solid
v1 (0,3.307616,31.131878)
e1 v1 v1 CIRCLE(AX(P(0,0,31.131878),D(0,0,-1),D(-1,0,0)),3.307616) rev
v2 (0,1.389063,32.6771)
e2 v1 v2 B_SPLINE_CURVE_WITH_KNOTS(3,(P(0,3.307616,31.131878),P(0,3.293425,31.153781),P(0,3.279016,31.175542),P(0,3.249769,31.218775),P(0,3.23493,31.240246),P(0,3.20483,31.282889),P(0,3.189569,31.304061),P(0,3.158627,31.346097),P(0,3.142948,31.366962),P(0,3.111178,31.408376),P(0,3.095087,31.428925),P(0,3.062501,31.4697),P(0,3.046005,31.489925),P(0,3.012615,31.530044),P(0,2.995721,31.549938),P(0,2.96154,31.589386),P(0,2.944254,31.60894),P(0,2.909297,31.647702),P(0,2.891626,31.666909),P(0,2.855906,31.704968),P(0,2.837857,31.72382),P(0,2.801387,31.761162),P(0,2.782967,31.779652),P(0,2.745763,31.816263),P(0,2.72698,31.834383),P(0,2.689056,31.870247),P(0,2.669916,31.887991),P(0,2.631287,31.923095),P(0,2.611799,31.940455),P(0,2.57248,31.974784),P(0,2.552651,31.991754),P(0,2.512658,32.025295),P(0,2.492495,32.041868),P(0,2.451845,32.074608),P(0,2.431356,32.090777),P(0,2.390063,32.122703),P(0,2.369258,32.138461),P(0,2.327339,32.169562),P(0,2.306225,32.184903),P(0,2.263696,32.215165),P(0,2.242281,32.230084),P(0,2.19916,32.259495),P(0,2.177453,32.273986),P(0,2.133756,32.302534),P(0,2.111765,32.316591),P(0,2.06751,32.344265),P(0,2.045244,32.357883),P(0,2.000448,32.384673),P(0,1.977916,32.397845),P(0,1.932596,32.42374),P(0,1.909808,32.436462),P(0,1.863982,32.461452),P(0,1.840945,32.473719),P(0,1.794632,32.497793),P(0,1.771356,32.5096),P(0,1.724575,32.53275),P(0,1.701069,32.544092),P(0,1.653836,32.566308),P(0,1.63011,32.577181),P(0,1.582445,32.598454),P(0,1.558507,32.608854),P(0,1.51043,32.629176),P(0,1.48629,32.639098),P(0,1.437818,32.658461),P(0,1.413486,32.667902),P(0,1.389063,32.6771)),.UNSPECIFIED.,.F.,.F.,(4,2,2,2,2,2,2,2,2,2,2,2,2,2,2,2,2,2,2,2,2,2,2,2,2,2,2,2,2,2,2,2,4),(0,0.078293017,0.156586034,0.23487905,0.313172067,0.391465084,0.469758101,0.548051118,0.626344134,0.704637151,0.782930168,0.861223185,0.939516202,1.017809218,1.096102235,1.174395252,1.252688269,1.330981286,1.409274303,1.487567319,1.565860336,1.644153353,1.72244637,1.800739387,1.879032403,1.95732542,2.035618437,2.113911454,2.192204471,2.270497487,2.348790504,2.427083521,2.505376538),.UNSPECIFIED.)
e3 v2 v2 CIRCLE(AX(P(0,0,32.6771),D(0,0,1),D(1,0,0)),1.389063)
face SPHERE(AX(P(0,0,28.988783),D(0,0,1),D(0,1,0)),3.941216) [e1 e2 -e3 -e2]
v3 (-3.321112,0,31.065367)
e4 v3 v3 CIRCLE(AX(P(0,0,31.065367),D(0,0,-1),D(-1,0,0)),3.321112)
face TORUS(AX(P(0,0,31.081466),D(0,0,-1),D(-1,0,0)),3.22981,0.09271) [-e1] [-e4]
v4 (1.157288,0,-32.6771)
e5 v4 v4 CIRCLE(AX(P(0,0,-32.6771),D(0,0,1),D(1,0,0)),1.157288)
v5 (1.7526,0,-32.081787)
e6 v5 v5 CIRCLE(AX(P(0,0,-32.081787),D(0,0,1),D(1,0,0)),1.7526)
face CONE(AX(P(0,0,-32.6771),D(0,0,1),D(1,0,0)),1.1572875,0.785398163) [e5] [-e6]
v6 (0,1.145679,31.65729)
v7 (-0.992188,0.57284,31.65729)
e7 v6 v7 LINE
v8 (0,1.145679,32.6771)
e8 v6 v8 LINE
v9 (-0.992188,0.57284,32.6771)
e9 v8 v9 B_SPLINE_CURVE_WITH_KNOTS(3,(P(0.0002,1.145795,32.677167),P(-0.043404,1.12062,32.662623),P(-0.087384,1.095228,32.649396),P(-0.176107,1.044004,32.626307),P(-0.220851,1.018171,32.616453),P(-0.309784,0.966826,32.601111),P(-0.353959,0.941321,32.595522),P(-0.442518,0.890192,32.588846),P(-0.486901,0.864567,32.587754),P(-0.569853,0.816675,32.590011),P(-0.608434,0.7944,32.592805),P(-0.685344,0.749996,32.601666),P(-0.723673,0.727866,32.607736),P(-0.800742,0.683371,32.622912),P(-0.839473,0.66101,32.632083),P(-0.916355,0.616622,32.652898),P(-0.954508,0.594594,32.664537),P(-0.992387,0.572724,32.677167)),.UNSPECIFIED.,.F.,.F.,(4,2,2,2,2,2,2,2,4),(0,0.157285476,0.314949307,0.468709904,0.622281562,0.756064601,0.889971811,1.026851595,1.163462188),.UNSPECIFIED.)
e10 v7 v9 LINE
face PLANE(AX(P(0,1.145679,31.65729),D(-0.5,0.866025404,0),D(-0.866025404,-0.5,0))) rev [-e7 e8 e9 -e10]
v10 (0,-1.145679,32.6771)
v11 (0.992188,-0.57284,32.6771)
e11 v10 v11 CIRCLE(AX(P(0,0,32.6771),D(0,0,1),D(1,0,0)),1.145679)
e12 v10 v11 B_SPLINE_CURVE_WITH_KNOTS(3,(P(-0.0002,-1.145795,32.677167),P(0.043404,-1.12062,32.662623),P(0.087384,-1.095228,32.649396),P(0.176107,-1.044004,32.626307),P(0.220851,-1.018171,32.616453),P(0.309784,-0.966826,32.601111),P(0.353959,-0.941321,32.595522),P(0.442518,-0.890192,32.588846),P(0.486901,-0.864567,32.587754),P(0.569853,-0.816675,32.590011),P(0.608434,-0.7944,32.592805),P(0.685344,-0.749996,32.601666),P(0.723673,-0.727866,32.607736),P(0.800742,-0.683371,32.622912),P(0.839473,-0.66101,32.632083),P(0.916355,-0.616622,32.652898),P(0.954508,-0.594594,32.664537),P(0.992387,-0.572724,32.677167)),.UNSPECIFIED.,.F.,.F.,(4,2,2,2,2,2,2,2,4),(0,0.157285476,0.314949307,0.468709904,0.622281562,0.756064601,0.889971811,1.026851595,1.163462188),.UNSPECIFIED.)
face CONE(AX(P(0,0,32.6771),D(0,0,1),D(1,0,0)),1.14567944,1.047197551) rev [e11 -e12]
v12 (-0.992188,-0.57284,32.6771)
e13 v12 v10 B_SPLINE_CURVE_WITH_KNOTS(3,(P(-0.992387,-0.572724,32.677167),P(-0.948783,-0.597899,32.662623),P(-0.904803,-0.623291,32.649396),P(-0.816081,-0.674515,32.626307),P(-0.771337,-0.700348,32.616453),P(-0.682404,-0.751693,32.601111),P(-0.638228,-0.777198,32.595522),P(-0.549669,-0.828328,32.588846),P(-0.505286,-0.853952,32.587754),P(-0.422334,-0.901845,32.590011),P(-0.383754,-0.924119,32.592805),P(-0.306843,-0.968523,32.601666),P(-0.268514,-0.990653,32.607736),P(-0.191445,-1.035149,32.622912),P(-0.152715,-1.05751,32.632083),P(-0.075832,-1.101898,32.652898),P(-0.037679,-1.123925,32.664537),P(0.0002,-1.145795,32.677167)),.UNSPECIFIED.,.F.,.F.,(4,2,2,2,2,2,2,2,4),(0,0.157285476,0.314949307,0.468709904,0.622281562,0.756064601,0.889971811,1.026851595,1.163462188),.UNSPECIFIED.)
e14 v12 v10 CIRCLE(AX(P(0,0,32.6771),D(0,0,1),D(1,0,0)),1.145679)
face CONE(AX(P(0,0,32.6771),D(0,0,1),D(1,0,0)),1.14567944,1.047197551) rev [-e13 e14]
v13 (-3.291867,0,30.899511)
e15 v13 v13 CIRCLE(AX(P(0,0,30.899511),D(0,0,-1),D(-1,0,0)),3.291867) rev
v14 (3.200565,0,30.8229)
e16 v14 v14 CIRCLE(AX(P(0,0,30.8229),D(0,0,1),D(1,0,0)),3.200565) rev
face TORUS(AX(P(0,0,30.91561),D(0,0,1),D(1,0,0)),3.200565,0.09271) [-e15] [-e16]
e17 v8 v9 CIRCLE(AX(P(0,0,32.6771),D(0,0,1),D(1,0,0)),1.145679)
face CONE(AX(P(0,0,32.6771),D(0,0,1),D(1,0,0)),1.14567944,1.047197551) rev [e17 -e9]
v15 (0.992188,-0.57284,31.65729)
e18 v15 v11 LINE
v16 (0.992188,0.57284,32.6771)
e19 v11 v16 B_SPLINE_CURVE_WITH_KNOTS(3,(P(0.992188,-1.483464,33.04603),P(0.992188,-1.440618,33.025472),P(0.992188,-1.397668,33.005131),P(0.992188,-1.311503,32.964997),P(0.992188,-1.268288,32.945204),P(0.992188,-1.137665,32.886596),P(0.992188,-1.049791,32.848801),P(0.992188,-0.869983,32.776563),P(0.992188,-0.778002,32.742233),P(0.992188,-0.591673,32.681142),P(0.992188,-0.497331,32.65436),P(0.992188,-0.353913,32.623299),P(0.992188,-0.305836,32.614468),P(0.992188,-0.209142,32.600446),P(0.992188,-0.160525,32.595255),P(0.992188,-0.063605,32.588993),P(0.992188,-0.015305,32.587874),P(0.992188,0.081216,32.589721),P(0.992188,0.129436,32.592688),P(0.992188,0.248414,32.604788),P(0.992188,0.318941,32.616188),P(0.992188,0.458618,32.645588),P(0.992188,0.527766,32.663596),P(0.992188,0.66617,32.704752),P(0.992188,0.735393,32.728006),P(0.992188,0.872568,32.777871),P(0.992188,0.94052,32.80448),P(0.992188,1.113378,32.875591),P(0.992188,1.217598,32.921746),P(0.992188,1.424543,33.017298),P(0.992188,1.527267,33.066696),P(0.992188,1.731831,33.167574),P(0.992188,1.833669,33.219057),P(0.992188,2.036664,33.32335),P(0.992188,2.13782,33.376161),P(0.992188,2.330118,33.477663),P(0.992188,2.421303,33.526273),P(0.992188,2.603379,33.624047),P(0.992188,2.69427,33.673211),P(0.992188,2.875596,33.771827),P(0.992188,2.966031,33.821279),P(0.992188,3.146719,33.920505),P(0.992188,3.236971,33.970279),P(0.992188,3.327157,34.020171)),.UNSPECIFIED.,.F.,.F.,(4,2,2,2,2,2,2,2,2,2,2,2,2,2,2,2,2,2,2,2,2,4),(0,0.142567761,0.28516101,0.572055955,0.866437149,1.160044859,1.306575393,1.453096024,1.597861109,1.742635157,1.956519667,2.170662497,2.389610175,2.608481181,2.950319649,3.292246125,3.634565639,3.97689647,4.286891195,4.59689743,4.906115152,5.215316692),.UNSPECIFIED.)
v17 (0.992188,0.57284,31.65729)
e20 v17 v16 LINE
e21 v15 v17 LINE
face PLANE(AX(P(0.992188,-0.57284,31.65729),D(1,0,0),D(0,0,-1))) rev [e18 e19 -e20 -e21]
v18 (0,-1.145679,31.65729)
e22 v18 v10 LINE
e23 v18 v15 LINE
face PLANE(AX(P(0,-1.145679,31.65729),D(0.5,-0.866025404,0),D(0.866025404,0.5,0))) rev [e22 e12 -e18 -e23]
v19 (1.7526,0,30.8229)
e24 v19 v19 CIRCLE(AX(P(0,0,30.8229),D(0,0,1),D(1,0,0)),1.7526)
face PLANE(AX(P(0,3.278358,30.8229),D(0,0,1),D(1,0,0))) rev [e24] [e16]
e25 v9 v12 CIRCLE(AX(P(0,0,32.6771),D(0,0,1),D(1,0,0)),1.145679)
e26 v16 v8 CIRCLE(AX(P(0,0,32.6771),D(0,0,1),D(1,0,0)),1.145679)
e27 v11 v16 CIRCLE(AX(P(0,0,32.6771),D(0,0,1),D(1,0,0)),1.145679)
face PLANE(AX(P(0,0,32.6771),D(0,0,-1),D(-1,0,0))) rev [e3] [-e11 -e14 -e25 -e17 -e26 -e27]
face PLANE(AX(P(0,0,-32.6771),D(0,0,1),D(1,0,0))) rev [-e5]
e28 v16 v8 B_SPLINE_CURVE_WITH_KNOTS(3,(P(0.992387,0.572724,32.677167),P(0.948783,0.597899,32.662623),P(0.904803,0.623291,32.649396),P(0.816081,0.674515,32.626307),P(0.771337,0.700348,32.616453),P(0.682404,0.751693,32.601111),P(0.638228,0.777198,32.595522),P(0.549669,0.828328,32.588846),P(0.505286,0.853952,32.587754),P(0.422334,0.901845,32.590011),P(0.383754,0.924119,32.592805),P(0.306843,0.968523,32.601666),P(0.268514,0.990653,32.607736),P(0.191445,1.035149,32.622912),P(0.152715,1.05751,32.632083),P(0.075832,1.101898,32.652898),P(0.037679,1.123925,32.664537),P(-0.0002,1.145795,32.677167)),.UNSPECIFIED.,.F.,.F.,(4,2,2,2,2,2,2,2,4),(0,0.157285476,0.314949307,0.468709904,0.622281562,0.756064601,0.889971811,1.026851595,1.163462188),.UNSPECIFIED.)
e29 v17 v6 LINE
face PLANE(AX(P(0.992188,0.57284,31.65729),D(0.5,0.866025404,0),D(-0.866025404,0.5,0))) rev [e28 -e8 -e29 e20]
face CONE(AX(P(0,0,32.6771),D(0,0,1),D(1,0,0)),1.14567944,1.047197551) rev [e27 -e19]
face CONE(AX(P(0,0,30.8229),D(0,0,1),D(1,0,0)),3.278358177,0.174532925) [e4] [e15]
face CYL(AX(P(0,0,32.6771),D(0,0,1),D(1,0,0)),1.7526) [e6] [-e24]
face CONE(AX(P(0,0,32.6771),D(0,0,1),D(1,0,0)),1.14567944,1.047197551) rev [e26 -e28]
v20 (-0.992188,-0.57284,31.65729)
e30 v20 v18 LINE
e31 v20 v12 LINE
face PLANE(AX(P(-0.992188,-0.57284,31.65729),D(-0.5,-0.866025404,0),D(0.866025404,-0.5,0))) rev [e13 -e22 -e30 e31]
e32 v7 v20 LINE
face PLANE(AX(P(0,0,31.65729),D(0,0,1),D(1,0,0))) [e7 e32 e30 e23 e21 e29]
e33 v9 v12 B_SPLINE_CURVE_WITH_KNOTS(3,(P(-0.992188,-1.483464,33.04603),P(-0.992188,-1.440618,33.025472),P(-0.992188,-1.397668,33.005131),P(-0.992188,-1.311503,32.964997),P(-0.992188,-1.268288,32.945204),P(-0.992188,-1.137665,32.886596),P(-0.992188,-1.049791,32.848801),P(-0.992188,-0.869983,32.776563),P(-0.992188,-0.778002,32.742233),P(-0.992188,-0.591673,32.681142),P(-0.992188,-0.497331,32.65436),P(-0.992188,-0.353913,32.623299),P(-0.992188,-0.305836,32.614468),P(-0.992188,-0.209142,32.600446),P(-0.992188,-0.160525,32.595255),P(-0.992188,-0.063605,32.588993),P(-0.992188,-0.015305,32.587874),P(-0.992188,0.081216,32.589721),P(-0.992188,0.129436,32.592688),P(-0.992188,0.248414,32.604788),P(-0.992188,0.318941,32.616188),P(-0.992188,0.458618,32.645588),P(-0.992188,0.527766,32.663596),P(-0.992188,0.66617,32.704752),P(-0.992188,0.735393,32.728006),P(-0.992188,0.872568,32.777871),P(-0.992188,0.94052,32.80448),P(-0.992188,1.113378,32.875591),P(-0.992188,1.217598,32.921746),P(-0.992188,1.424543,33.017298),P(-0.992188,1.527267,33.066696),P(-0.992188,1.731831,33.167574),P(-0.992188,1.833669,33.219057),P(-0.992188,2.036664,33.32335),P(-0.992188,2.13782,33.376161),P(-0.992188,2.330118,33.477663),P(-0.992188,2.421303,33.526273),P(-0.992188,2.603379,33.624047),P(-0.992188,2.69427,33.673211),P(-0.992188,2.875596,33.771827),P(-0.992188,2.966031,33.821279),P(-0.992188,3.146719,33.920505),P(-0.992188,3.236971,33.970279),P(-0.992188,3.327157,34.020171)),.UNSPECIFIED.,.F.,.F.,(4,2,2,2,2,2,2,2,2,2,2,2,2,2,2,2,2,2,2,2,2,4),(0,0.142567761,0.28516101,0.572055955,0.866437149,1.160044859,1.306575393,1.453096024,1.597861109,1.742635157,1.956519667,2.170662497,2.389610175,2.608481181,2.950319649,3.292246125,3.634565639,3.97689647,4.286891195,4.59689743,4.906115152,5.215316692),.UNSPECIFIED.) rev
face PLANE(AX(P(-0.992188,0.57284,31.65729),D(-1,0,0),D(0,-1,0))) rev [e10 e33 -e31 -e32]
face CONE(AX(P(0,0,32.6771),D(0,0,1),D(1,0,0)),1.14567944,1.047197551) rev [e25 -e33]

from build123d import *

# Parameters (mm, degrees)
CUT_EXTRUDE1_DEPTH = 1.01981
FILLET1_R          = 0.09271


with BuildPart() as part:
    # Sketch3 → Revolve1 (revolve)
    with BuildSketch(Plane(origin=(0, 0, 0), x_dir=(0, 0, -1), z_dir=(1, 0, 0)), mode=Mode.PRIVATE) as revolve1_sk:
        with BuildLine():
            Line((-32.6771, 0), (-32.6771, 1.3890625))
            ThreePointArc((-32.6771, 1.3890625), (-32.046710995, 2.486413841), (-31.10103, 3.3274))
            Line((-31.10103, 3.3274), (-30.8229, 3.278358177))
            Line((-30.8229, 3.278358177), (-30.8229, 1.7526))
            Line((-30.8229, 1.7526), (32.0817875, 1.7526))
            Line((32.0817875, 1.7526), (32.6771, 1.1572875))
            Line((32.6771, 1.1572875), (32.6771, 0))
            Line((32.6771, 0), (-32.6771, 0))
        make_face()
    revolve(revolve1_sk.sketch.rotate(Axis((0, 0, 32.6771), (0, 0, -1)), 90), axis=Axis((0, 0, 32.6771), (0, 0, -1)))

    # Sketch4 → Cut-Extrude1 (cut)
    with BuildSketch(Plane.XY.offset(32.6771)):
        Polygon((-0.9921875, -0.57283972), (0, -1.14567944), (0.9921875, -0.57283972), (0.9921875, 0.57283972), (0, 1.14567944), (-0.9921875, 0.57283972), align=None)
    extrude(amount=-CUT_EXTRUDE1_DEPTH, mode=Mode.SUBTRACT)

    # Cut-Extrude2 cone 1 section (through the dimple's axis) → Cut-Extrude2 (revolve, cut)
    with BuildSketch(Plane(origin=(0, 0, 32.6771), x_dir=(0, -1, 0), z_dir=(1, 0, 0))):
        Polygon((0, 0), (1.14567944, 0), (0, 0.661458333), align=None)
    revolve(axis=Axis((0, 0, 32.6771), (0, 0, -1)), mode=Mode.SUBTRACT)

    # Fillet1
    fillet1_edges = [part.edges().sort_by_distance(p)[0] for p in [
        (-3.278358177, 0, 30.8229),
        (-3.3274, 0, 31.10103),
    ]]
    fillet(fillet1_edges, radius=FILLET1_R)


solid = part.part
